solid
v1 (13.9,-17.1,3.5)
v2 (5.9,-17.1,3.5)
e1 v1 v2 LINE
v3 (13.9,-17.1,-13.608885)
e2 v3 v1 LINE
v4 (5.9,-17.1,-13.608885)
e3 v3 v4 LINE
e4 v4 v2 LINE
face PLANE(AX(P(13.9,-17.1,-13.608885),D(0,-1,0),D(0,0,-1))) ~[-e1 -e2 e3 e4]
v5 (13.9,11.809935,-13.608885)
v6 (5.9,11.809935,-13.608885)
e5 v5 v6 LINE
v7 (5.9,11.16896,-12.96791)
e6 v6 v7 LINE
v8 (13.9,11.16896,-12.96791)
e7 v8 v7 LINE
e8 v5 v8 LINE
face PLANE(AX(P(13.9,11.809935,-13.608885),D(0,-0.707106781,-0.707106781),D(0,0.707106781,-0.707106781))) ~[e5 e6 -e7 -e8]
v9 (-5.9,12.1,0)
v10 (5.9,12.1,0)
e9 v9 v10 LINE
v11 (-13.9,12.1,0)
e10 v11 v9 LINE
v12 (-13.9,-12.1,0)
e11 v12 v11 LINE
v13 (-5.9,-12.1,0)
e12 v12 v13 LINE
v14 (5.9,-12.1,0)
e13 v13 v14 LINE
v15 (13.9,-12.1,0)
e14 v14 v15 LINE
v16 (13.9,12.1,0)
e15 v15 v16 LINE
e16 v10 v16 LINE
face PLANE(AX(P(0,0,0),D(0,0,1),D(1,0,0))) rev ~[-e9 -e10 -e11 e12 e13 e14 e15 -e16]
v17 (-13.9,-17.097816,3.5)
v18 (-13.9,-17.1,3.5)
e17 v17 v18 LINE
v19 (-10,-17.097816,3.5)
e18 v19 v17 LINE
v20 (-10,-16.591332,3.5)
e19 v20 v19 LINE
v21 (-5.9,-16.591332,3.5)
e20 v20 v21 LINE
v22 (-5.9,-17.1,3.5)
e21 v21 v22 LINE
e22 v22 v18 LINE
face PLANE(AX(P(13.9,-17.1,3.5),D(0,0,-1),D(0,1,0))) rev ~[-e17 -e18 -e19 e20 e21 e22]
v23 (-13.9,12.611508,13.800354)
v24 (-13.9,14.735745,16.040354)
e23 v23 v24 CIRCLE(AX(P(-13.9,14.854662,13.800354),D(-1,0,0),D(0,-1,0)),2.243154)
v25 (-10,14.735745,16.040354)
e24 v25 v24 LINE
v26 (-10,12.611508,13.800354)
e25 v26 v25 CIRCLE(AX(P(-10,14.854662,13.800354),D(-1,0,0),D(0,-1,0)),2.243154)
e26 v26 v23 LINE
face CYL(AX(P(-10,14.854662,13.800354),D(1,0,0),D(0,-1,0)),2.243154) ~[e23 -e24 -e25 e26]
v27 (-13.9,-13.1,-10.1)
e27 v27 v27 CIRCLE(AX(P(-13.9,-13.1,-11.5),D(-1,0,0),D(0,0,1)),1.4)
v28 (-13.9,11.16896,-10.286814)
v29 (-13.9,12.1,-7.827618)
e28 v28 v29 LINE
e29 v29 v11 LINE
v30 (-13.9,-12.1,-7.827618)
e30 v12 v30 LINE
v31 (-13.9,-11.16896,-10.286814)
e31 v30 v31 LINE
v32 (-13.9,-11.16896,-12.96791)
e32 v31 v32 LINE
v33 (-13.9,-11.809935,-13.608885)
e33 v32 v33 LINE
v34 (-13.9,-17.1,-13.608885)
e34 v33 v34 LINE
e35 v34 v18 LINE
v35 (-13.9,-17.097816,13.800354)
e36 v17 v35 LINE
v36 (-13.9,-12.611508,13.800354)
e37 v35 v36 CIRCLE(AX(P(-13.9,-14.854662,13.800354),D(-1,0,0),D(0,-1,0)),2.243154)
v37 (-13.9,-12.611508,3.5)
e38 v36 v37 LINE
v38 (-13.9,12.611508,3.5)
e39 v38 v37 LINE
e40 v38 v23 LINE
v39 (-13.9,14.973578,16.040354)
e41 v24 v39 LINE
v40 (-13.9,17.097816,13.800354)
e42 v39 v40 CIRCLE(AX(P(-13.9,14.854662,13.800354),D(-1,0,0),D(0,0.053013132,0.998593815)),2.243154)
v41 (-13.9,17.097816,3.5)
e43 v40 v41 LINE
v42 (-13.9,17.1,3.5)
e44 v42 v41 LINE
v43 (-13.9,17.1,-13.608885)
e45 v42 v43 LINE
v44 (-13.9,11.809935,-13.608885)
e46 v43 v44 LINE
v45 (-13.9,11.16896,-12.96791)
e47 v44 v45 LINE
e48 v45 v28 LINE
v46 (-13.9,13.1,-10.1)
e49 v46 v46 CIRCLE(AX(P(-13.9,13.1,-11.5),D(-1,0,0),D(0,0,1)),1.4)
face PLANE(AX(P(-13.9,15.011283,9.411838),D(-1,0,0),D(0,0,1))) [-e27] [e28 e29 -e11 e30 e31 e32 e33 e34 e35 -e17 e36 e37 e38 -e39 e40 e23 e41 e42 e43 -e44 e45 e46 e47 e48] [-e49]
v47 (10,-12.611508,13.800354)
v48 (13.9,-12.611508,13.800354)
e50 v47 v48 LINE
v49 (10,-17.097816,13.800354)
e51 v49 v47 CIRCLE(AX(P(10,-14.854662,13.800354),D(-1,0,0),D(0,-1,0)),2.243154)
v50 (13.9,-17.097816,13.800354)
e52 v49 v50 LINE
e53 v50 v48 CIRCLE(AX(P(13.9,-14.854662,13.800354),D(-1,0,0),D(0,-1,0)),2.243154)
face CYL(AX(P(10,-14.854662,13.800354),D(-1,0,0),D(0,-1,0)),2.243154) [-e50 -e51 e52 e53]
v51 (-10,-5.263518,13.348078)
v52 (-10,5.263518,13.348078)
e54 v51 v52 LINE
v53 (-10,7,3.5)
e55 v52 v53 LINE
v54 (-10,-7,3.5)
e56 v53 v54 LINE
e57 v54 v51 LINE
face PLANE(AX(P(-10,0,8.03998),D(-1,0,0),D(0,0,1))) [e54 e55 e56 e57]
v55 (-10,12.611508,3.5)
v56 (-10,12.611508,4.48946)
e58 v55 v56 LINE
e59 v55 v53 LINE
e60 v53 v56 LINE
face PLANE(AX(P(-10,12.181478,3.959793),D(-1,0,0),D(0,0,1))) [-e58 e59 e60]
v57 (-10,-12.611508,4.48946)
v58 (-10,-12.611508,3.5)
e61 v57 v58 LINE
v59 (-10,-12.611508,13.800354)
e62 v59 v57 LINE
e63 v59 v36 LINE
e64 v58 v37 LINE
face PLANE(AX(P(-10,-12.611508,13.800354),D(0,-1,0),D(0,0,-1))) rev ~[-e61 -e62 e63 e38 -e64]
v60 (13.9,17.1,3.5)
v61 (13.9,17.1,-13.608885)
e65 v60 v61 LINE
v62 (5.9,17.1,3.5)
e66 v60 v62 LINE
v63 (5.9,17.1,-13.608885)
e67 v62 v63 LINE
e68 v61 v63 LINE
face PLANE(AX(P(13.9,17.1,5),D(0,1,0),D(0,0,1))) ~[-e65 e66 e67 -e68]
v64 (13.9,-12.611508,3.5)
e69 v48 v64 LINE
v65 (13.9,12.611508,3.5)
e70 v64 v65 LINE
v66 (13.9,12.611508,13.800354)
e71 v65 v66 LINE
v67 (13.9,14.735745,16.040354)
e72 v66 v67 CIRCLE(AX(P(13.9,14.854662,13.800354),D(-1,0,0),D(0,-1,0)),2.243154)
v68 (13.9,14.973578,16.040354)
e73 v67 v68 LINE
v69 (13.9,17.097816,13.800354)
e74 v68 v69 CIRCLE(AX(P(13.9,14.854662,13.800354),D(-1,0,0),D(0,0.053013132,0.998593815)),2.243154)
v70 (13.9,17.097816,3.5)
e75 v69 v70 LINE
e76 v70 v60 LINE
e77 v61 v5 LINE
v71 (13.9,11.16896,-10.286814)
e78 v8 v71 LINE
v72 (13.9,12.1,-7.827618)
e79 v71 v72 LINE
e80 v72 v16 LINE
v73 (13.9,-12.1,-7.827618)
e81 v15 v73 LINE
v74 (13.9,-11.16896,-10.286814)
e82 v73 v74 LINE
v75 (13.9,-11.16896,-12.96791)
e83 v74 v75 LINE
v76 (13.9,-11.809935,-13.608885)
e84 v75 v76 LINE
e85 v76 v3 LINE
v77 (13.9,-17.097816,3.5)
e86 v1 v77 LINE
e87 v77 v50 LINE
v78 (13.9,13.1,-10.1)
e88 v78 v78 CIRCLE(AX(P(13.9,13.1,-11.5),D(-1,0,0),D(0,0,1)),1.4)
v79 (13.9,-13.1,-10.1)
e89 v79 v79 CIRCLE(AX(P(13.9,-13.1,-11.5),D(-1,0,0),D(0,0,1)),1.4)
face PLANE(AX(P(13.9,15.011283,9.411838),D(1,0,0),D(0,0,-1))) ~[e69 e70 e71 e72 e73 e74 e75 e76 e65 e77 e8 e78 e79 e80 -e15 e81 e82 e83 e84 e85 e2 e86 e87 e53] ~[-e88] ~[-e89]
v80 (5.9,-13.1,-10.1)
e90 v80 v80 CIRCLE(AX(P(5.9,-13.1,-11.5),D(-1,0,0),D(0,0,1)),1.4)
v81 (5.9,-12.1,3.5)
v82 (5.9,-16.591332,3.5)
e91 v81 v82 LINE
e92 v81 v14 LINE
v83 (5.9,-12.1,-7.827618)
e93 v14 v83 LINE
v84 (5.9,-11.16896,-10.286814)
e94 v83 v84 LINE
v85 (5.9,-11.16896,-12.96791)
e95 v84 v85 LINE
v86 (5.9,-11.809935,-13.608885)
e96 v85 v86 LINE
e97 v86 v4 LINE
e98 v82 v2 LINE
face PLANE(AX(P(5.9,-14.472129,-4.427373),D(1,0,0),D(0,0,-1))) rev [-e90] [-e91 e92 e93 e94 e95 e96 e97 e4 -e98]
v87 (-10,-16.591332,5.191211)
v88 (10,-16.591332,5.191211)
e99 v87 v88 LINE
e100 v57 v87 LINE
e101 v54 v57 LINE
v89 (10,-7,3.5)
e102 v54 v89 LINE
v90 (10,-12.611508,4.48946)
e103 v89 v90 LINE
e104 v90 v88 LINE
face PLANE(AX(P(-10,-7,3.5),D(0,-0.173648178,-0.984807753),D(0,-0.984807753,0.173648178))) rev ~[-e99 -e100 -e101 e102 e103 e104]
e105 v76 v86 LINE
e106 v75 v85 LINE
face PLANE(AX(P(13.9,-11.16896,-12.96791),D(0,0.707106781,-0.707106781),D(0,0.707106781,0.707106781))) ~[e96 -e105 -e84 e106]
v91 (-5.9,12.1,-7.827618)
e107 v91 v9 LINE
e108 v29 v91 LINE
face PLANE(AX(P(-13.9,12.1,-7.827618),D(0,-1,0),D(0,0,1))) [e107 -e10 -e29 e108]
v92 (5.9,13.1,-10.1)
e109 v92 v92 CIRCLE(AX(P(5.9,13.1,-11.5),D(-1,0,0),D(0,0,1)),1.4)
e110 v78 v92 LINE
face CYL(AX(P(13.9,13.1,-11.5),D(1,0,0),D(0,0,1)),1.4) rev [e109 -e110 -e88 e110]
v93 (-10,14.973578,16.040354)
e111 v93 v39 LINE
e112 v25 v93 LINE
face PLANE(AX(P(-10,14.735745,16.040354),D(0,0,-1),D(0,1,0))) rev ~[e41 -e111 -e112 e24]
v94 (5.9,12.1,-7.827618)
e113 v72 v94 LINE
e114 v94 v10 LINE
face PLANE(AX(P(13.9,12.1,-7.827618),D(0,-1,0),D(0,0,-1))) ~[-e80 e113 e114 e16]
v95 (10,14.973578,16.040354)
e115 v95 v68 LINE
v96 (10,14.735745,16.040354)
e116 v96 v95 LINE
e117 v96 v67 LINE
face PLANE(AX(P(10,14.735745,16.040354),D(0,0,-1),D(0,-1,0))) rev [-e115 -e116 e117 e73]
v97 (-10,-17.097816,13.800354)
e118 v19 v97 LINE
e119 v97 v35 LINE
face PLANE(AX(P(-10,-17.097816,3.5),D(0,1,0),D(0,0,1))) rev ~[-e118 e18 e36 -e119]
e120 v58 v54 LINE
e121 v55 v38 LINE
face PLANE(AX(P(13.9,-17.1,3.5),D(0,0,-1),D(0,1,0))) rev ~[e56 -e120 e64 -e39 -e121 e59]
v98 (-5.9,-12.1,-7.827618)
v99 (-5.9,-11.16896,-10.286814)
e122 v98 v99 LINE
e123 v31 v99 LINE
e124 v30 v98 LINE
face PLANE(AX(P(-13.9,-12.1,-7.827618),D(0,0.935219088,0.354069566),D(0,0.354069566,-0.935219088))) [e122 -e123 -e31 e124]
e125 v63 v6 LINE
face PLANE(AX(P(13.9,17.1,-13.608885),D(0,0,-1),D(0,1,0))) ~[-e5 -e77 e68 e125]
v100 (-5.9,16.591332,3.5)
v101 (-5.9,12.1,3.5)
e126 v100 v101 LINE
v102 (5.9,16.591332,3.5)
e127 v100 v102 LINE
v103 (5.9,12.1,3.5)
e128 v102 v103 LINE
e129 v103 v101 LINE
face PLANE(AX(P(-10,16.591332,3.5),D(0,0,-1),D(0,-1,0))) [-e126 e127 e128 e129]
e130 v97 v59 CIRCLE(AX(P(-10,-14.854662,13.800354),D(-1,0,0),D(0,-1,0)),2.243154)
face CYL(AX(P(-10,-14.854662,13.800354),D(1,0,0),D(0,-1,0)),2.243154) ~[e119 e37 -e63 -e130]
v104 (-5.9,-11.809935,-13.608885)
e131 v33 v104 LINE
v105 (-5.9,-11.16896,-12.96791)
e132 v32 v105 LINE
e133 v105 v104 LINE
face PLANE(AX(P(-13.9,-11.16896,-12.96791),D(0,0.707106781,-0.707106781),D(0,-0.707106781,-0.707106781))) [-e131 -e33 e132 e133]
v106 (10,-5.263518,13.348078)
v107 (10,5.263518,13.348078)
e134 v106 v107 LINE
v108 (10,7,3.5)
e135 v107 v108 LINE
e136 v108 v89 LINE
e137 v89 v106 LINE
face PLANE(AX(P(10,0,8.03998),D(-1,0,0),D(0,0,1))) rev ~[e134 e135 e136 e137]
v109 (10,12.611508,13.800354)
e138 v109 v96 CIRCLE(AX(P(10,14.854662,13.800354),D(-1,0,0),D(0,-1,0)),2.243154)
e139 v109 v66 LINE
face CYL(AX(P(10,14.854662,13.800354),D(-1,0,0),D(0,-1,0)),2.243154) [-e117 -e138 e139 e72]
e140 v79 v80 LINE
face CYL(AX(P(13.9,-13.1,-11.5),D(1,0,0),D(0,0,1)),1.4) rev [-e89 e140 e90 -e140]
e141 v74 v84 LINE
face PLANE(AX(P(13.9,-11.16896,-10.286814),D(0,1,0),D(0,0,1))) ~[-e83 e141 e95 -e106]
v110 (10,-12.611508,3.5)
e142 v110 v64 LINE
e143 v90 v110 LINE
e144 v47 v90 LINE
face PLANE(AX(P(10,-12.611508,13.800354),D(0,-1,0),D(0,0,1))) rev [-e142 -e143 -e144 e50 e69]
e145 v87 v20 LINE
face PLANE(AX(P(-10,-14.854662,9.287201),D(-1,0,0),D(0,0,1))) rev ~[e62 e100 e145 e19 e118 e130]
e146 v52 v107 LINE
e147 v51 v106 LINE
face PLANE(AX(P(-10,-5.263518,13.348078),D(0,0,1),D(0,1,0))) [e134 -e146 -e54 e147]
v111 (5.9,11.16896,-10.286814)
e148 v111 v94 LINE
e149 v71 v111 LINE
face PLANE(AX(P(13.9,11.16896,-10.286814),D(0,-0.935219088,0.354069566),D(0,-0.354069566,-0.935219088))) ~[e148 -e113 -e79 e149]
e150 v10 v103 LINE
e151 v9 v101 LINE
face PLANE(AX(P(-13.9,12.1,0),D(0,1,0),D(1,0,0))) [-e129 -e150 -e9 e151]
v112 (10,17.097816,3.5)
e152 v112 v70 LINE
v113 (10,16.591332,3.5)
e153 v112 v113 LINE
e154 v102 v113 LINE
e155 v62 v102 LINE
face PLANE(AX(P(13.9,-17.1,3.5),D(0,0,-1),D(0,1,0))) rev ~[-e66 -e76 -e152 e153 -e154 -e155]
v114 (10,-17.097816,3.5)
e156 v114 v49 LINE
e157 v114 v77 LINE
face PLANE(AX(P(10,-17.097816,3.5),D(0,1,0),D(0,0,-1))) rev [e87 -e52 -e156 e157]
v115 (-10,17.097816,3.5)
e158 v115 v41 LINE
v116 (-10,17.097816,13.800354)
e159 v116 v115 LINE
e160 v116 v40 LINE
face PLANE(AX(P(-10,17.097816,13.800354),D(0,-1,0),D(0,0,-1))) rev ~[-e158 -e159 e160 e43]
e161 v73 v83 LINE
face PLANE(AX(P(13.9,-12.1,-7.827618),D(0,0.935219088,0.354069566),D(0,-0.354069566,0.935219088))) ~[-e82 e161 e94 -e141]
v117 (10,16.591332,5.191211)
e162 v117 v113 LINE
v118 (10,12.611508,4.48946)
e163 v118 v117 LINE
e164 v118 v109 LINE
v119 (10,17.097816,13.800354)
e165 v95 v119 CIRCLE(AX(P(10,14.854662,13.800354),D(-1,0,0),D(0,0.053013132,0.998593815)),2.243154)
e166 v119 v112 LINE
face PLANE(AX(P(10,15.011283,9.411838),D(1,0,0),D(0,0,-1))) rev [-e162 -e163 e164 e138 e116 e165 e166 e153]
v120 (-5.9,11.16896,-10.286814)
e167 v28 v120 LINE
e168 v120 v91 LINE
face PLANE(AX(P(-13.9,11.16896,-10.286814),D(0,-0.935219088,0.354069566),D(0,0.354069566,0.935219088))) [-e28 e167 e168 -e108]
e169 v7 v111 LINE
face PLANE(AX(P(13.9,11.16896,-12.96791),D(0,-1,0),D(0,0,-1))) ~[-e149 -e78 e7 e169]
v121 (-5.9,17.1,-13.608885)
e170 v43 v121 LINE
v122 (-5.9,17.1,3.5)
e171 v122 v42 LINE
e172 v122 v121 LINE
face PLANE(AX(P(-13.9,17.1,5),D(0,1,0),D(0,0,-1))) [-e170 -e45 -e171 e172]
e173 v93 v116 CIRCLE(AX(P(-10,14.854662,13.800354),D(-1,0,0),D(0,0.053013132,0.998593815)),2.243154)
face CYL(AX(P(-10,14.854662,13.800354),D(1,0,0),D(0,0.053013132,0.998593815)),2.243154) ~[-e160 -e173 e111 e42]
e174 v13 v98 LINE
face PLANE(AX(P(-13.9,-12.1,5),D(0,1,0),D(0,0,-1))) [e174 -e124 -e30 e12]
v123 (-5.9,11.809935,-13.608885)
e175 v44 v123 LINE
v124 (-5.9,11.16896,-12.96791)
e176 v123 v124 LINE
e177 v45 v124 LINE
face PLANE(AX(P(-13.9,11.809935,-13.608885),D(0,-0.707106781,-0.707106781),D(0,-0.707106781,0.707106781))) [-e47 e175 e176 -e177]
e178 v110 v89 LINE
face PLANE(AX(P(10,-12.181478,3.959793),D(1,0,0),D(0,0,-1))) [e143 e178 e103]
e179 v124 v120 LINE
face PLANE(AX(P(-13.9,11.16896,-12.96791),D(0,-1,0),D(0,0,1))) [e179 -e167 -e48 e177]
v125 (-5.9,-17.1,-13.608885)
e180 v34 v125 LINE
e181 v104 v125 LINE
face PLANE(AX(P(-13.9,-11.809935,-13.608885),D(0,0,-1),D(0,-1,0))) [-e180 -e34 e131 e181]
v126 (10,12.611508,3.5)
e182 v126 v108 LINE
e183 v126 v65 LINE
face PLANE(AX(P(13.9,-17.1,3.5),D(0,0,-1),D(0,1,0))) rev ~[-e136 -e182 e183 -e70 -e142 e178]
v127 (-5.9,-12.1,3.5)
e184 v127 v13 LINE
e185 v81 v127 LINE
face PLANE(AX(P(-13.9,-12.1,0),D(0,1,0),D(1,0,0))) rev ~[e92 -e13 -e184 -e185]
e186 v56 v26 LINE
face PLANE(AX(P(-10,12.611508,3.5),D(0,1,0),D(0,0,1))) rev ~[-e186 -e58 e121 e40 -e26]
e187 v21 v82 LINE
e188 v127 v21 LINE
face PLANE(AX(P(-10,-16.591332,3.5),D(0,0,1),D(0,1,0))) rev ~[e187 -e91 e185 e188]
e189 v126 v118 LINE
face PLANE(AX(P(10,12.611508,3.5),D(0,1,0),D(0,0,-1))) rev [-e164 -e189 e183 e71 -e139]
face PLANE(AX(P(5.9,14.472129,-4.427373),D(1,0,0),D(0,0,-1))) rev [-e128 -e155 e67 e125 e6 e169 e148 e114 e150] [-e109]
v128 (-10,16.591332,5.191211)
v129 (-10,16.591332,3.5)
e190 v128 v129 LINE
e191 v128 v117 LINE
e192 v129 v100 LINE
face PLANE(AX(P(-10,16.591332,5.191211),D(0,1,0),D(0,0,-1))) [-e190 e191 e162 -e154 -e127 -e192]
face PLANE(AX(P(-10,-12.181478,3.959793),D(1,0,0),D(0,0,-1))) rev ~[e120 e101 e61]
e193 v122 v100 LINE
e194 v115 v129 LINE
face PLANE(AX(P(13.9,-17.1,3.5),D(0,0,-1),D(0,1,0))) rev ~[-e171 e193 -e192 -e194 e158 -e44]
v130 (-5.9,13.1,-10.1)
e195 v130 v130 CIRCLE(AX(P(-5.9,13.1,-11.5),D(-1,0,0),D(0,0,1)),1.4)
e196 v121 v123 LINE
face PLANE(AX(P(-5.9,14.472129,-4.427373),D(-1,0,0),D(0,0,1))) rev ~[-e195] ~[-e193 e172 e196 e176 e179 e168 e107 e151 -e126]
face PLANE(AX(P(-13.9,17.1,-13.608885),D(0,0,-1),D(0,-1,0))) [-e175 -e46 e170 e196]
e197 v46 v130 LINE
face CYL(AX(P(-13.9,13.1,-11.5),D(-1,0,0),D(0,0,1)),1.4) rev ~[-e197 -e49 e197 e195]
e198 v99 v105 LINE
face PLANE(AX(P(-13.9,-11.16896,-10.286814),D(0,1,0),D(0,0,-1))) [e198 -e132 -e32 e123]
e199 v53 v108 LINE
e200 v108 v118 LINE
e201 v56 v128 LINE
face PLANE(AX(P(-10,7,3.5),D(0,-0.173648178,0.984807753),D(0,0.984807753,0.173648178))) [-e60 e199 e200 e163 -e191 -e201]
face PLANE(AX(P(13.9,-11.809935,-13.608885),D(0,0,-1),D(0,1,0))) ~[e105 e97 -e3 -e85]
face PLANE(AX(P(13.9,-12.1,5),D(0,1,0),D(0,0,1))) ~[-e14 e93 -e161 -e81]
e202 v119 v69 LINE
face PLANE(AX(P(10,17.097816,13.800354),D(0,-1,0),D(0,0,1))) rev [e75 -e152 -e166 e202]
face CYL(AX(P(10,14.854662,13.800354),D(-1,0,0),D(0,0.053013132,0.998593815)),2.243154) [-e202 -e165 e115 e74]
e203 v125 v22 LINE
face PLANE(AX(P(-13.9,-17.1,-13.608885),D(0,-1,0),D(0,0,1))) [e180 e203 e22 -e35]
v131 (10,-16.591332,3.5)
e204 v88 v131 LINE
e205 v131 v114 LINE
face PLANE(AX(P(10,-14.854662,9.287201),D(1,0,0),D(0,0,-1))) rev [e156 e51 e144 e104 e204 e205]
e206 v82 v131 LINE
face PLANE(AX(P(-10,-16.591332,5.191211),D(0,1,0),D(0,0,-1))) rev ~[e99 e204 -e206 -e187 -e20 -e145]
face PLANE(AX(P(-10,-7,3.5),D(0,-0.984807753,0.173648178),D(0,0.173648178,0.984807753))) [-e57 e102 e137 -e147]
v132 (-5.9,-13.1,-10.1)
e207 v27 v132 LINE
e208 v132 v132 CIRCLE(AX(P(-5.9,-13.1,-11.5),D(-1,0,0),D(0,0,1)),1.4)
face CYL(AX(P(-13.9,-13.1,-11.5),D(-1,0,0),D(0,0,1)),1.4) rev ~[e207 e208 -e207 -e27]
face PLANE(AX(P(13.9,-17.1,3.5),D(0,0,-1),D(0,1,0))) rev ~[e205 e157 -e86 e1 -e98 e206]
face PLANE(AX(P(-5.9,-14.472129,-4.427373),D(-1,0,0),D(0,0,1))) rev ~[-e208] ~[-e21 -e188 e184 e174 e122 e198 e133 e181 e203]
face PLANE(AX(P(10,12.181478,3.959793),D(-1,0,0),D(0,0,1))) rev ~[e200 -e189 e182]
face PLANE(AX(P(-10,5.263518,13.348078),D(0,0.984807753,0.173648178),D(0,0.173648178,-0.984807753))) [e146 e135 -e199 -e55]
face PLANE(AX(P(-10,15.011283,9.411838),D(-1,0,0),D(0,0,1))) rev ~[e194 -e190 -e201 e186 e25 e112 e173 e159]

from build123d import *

# Parameters (mm, degrees)
SKETCH_1_W            = 27.8
SKETCH_1_H            = 24.2
EXTRUDE_1_DEPTH       = 5
SKETCH_5_R            = 1.4
EXTRUDE_5_DEPTH       = 8
SKETCH_8_W            = 1.5
SKETCH_8_H            = 34.2
CUT_EXTRUDE_1_DEPTH   = 30
EXTRUDE_11_DEPTH      = 10
EXTRUDE_11_DEPTH_BACK = 10
EXTRUDE_12_DEPTH      = 3.9


with BuildPart() as part:
    # 草图1 → 凸台-拉伸1 (new body)
    with BuildSketch(Plane.XY):
        Rectangle(SKETCH_1_W, SKETCH_1_H)
    extrude(amount=EXTRUDE_1_DEPTH)

    # 草图5 → 凸台-拉伸5 (add)
    # profile 1 of 2: a face of its own
    with BuildSketch(Plane.ZY.offset(13.9)):
        Polygon((-11.5, -11.168960062), (-12.967909623, -11.168960062), (-13.608884892, -11.809935331), (-13.608884892, -17.1), (-11.5, -17.1), (5, -17.1), (5, -12.1), (0, -12.1), (-7.82761802, -12.1), (-10.28681363, -11.168960062), align=None)
        with Locations((-11.5, -13.1)):
            Circle(SKETCH_5_R, mode=Mode.SUBTRACT)
    # profile 2 of 2: a face of its own
    with BuildSketch(Plane.ZY.offset(13.9)):
        Polygon((5, 12.1), (5, 17.1), (-11.5, 17.1), (-13.608884892, 17.1), (-13.608884892, 11.809935331), (-12.967909623, 11.168960062), (-11.5, 11.168960062), (-10.28681363, 11.168960062), (-7.82761802, 12.1), (0, 12.1), align=None)
        with Locations((-11.5, 13.1)):
            Circle(SKETCH_5_R, mode=Mode.SUBTRACT)
    extrude_5 = extrude(amount=-EXTRUDE_5_DEPTH)

    # 镜向1: 凸台-拉伸5 across plane
    add(extrude_5.mirror(Plane(origin=(0, 0, 0), x_dir=(0, 0, 1), z_dir=(1, 0, 0))))

    # 草图8 → 切除-拉伸1 (cut)
    with BuildSketch(Plane(origin=(13.9, 0, 0), x_dir=(0, 0, -1), z_dir=(1, 0, 0))):
        with Locations((-4.25, 0)):
            Rectangle(SKETCH_8_W, SKETCH_8_H)
    extrude(amount=-CUT_EXTRUDE_1_DEPTH, mode=Mode.SUBTRACT)

    # 草图10 → 凸台-拉伸11 (add, two sides: drawn at the far end of the back side and taken through both)
    with BuildSketch(Plane(origin=(0, 0, 0), x_dir=(0, 0, -1), z_dir=(1, 0, 0)).offset(-EXTRUDE_11_DEPTH_BACK)):
        Polygon((-3.5, -7), (-13.34807753, -5.263518223), (-13.34807753, 5.263518223), (-3.5, 7), align=None)
        Polygon((-3.5, 16.591331578), (-3.5, 7), (-5.191210538, 16.591331578), align=None)
        Polygon((-5.191210538, -16.591331578), (-3.5, -16.591331578), (-3.5, -7), align=None)
    extrude(amount=EXTRUDE_11_DEPTH + EXTRUDE_11_DEPTH_BACK)

    # 草图11 → 凸台-拉伸12 (add)
    with BuildSketch(Plane.ZY.offset(10)):
        with BuildLine():
            Line((5.191210538, 16.591331578), (4.489460182, 12.611507539))
            Line((4.489460182, 12.611507539), (13.800354116, 12.611507539))
            ThreePointArc((13.800354116, 12.611507539), (15.343887855, 13.227011755), (16.040354116, 14.735745196))
            Line((16.040354116, 14.735745196), (16.040354116, 14.973578462))
            ThreePointArc((16.040354116, 14.973578462), (15.343887855, 16.482311902), (13.800354116, 17.097816118))
            Line((13.800354116, 17.097816118), (3.5, 17.097816118))
            Line((3.5, 17.097816118), (3.5, 16.591331578))
            Line((3.5, 16.591331578), (5.191210538, 16.591331578))
        make_face()
        with BuildLine():
            Line((3.5, -17.097816118), (13.800354116, -17.097816118))
            ThreePointArc((13.800354116, -17.097816118), (16.043508405, -14.854661829), (13.800354116, -12.611507539))
            Line((13.800354116, -12.611507539), (3.5, -12.611507539))
            Line((3.5, -12.611507539), (3.5, -17.097816118))
        make_face()
        Polygon((3.5, 16.591331578), (3.5, 12.611507539), (4.489460182, 12.611507539), (5.191210538, 16.591331578), align=None)
    extrude_12 = extrude(amount=EXTRUDE_12_DEPTH)

    # 镜向3: 凸台-拉伸12 across plane
    add(extrude_12.mirror(Plane(origin=(0, 0, 0), x_dir=(0, 0, 1), z_dir=(1, 0, 0))))


solid = part.part
